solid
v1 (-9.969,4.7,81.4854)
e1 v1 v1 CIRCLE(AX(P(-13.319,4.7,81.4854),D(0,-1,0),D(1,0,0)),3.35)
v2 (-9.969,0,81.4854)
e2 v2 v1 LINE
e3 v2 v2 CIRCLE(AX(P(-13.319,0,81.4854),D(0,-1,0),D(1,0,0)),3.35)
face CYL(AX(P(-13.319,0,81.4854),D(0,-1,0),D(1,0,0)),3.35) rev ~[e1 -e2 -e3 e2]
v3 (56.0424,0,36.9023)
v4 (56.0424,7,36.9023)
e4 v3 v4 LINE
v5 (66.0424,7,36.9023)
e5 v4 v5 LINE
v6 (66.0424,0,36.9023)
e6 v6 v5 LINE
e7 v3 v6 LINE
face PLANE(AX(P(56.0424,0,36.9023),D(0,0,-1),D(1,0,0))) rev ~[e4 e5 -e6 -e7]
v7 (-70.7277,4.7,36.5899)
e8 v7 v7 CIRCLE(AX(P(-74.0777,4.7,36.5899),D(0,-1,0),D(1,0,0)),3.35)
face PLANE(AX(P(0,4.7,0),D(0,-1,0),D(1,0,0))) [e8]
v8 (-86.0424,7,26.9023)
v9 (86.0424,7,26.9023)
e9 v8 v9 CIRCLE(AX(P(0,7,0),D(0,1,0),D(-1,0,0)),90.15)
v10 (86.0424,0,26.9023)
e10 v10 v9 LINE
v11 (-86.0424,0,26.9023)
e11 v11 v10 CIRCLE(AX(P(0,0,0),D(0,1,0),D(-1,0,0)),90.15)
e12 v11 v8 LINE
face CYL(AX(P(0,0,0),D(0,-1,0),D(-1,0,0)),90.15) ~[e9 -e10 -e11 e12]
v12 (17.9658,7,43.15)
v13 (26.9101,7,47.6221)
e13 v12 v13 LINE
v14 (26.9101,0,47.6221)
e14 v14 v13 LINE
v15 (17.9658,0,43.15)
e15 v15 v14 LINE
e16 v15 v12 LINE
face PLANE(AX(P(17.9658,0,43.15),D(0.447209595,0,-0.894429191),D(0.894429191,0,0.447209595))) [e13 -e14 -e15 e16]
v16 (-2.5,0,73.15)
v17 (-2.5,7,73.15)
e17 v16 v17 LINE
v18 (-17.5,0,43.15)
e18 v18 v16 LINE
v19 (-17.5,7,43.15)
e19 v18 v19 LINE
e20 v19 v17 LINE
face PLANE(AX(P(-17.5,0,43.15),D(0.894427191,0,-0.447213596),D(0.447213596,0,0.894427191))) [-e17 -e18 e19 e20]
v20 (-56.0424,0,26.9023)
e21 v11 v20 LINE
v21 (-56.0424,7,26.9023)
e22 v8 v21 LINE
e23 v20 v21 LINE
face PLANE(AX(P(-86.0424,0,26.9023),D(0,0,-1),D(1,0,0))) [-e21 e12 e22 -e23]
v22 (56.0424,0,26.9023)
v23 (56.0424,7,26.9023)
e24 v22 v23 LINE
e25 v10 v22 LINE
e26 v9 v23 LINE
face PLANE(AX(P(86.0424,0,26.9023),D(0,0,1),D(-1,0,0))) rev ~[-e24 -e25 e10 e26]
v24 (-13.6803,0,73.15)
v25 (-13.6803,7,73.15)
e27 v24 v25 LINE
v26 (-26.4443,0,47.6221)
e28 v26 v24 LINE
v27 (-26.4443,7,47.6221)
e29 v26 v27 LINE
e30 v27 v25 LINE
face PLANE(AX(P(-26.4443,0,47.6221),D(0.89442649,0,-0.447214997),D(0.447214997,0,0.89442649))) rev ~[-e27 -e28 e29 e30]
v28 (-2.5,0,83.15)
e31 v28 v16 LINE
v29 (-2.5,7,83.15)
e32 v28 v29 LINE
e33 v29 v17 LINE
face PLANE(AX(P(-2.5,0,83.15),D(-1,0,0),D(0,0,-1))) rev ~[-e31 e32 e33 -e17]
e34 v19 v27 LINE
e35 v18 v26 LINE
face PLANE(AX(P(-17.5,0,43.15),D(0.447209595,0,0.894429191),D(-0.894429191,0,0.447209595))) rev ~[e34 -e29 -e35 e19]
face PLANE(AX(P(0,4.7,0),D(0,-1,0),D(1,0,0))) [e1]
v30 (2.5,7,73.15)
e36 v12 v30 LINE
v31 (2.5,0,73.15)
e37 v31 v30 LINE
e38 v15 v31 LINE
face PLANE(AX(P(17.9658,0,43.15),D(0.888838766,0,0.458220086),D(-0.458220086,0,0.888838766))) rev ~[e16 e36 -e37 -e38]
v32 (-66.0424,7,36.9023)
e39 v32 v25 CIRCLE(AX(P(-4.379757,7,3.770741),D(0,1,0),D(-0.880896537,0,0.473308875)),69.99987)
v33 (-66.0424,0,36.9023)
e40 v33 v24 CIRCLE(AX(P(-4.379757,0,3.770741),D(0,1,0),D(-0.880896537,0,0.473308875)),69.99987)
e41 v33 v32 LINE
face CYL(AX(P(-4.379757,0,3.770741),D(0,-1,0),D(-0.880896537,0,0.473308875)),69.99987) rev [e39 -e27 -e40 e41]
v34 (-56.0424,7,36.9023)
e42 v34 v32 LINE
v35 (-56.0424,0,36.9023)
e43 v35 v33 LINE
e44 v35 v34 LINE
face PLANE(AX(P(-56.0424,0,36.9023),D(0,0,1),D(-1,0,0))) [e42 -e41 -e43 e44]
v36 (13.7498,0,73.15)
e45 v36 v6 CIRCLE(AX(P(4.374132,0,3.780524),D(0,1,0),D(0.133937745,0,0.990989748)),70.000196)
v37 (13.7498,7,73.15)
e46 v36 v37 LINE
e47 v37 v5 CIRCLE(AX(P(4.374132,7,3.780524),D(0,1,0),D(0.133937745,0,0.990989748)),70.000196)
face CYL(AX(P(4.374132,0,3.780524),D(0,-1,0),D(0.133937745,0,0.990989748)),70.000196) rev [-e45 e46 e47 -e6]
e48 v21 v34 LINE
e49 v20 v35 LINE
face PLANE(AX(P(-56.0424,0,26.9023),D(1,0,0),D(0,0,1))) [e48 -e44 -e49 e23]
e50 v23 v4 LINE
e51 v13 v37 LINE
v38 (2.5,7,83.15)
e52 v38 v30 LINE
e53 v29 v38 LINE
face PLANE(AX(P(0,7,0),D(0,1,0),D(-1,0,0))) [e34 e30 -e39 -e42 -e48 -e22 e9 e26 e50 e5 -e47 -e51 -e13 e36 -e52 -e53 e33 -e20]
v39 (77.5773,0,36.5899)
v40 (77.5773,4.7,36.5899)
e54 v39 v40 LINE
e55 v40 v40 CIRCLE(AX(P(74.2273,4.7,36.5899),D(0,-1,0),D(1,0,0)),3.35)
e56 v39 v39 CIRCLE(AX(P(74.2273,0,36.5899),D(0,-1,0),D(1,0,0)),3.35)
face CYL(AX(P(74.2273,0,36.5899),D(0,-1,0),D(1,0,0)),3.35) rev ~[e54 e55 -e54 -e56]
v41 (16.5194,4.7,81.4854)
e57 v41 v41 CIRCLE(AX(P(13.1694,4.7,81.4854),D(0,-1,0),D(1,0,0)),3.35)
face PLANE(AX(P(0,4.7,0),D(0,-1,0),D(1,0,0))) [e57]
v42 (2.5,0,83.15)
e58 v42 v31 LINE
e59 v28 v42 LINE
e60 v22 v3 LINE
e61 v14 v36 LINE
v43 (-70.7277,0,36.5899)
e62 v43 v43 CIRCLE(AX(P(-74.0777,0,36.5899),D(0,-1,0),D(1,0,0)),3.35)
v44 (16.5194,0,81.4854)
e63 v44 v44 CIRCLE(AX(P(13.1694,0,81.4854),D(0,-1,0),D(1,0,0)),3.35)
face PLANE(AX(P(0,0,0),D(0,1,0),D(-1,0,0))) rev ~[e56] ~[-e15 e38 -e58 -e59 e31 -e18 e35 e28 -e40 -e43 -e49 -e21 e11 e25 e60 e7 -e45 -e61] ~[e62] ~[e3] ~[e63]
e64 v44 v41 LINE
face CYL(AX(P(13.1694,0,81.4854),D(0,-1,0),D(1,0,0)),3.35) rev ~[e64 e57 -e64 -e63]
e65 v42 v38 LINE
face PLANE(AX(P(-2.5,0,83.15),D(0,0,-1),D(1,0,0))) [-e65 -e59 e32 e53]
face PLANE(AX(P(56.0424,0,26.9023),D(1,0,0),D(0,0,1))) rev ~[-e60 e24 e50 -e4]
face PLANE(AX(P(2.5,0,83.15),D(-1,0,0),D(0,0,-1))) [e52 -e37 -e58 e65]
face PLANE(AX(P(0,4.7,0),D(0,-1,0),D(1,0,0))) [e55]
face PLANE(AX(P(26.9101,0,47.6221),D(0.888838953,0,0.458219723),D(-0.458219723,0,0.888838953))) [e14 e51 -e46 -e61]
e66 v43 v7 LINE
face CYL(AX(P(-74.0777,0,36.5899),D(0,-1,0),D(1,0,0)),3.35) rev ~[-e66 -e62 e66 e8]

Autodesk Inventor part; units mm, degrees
ref_plane "YZ Plane" through (0, 0, 0) normal (1, 0, 0) x (0, 1, 0)
ref_plane "XZ Plane" through (0, 0, 0) normal (0, 1, 0) x (-1, 0, 0)
ref_plane "XY Plane" through (0, 0, 0) normal (0, 0, 1) x (1, 0, 0)
sketch "Sketch1" plane through (0, 0, 0) normal (0, 1, 0) x (-1, 0, 0)
  line L0 (86.0424, 26.9023) -> (56.0424, 26.9023)
  line L1 (2.5, 83.15) -> (-2.5, 83.15)
  line L2 (2.5, 83.15) -> (2.5, 73.15)
  line L3 (-2.5, 83.15) -> (-2.5, 73.15)
  circle A0 centre (0, 0) radius 90.15
  line L4 (-86.0424, 26.9023) -> (-56.0424, 26.9023)
  line L5 (-56.0424, 26.9023) -> (-56.0424, 36.9023)
  line L6 (-56.0424, 36.9023) -> (-66.0424, 36.9023)
  line L7 (56.0424, 26.9023) -> (56.0424, 36.9023)
  line L8 (56.0424, 36.9023) -> (66.0424, 36.9023)
  line L9 (-17.9658, 43.15) -> (-2.5, 73.15)
  line L10 (17.5, 43.15) -> (2.5, 73.15)
  line L11 (17.5, 43.15) -> (26.4443, 47.6221)
  line L12 (26.4443, 47.6221) -> (13.6803, 73.15)
  line L13 (-17.9658, 43.15) -> (-26.9101, 47.6221)
  line L14 (-26.9101, 47.6221) -> (-13.7498, 73.15)
  arc A1 (66.0424, 36.9023) -> (13.6803, 73.15) centre (4.3796, 3.7706) ccw
  arc A2 (-13.7498, 73.15) -> (-66.0424, 36.9023) centre (-4.3742, 3.7807) ccw
  dimension "d28" = 180.3
  dimension "d1" = 30
  dimension "d20" = 5
  dimension "d21" = 10
  dimension "d22" = 10
  dimension "d29" = 30
  dimension "d30" = 10
  dimension "d31" = 10
  dimension "d32" = 10
  dimension "d33" = 10
  dimension "d37" = 10
  dimension "d38" = 10
  dimension "d39" = 70
  dimension "d40" = 70
extrude "Extrusion1" add sketch "Sketch1" along normal blind 7 contours L0 L7 L8 A1 L12 L11 L10 L2 L1 L3 L9 L13 L14 A2 L6 L5 L4 A0 picked at (-11.4052, 63.15)
sketch "Sketch2" plane through (0, 0, 0) normal (0, -1, 0) x (1, 0, 0)
  circle A0 centre (74.2273, 36.5899) radius 3.35
  circle A1 centre (-74.0777, 36.5899) radius 3.35
  circle A2 centre (-13.319, 81.4854) radius 3.35
  circle A3 centre (13.1694, 81.4854) radius 3.35
  point P0 (0, 0)
  dimension "d43" = 6.7
  dimension "d44" = 6.7
  dimension "d45" = 6.7
  dimension "d46" = 6.7
extrude "Extrusion2" cut sketch "Sketch2" against normal blind 4.7
properties part number "Droplet Launcher 2"
